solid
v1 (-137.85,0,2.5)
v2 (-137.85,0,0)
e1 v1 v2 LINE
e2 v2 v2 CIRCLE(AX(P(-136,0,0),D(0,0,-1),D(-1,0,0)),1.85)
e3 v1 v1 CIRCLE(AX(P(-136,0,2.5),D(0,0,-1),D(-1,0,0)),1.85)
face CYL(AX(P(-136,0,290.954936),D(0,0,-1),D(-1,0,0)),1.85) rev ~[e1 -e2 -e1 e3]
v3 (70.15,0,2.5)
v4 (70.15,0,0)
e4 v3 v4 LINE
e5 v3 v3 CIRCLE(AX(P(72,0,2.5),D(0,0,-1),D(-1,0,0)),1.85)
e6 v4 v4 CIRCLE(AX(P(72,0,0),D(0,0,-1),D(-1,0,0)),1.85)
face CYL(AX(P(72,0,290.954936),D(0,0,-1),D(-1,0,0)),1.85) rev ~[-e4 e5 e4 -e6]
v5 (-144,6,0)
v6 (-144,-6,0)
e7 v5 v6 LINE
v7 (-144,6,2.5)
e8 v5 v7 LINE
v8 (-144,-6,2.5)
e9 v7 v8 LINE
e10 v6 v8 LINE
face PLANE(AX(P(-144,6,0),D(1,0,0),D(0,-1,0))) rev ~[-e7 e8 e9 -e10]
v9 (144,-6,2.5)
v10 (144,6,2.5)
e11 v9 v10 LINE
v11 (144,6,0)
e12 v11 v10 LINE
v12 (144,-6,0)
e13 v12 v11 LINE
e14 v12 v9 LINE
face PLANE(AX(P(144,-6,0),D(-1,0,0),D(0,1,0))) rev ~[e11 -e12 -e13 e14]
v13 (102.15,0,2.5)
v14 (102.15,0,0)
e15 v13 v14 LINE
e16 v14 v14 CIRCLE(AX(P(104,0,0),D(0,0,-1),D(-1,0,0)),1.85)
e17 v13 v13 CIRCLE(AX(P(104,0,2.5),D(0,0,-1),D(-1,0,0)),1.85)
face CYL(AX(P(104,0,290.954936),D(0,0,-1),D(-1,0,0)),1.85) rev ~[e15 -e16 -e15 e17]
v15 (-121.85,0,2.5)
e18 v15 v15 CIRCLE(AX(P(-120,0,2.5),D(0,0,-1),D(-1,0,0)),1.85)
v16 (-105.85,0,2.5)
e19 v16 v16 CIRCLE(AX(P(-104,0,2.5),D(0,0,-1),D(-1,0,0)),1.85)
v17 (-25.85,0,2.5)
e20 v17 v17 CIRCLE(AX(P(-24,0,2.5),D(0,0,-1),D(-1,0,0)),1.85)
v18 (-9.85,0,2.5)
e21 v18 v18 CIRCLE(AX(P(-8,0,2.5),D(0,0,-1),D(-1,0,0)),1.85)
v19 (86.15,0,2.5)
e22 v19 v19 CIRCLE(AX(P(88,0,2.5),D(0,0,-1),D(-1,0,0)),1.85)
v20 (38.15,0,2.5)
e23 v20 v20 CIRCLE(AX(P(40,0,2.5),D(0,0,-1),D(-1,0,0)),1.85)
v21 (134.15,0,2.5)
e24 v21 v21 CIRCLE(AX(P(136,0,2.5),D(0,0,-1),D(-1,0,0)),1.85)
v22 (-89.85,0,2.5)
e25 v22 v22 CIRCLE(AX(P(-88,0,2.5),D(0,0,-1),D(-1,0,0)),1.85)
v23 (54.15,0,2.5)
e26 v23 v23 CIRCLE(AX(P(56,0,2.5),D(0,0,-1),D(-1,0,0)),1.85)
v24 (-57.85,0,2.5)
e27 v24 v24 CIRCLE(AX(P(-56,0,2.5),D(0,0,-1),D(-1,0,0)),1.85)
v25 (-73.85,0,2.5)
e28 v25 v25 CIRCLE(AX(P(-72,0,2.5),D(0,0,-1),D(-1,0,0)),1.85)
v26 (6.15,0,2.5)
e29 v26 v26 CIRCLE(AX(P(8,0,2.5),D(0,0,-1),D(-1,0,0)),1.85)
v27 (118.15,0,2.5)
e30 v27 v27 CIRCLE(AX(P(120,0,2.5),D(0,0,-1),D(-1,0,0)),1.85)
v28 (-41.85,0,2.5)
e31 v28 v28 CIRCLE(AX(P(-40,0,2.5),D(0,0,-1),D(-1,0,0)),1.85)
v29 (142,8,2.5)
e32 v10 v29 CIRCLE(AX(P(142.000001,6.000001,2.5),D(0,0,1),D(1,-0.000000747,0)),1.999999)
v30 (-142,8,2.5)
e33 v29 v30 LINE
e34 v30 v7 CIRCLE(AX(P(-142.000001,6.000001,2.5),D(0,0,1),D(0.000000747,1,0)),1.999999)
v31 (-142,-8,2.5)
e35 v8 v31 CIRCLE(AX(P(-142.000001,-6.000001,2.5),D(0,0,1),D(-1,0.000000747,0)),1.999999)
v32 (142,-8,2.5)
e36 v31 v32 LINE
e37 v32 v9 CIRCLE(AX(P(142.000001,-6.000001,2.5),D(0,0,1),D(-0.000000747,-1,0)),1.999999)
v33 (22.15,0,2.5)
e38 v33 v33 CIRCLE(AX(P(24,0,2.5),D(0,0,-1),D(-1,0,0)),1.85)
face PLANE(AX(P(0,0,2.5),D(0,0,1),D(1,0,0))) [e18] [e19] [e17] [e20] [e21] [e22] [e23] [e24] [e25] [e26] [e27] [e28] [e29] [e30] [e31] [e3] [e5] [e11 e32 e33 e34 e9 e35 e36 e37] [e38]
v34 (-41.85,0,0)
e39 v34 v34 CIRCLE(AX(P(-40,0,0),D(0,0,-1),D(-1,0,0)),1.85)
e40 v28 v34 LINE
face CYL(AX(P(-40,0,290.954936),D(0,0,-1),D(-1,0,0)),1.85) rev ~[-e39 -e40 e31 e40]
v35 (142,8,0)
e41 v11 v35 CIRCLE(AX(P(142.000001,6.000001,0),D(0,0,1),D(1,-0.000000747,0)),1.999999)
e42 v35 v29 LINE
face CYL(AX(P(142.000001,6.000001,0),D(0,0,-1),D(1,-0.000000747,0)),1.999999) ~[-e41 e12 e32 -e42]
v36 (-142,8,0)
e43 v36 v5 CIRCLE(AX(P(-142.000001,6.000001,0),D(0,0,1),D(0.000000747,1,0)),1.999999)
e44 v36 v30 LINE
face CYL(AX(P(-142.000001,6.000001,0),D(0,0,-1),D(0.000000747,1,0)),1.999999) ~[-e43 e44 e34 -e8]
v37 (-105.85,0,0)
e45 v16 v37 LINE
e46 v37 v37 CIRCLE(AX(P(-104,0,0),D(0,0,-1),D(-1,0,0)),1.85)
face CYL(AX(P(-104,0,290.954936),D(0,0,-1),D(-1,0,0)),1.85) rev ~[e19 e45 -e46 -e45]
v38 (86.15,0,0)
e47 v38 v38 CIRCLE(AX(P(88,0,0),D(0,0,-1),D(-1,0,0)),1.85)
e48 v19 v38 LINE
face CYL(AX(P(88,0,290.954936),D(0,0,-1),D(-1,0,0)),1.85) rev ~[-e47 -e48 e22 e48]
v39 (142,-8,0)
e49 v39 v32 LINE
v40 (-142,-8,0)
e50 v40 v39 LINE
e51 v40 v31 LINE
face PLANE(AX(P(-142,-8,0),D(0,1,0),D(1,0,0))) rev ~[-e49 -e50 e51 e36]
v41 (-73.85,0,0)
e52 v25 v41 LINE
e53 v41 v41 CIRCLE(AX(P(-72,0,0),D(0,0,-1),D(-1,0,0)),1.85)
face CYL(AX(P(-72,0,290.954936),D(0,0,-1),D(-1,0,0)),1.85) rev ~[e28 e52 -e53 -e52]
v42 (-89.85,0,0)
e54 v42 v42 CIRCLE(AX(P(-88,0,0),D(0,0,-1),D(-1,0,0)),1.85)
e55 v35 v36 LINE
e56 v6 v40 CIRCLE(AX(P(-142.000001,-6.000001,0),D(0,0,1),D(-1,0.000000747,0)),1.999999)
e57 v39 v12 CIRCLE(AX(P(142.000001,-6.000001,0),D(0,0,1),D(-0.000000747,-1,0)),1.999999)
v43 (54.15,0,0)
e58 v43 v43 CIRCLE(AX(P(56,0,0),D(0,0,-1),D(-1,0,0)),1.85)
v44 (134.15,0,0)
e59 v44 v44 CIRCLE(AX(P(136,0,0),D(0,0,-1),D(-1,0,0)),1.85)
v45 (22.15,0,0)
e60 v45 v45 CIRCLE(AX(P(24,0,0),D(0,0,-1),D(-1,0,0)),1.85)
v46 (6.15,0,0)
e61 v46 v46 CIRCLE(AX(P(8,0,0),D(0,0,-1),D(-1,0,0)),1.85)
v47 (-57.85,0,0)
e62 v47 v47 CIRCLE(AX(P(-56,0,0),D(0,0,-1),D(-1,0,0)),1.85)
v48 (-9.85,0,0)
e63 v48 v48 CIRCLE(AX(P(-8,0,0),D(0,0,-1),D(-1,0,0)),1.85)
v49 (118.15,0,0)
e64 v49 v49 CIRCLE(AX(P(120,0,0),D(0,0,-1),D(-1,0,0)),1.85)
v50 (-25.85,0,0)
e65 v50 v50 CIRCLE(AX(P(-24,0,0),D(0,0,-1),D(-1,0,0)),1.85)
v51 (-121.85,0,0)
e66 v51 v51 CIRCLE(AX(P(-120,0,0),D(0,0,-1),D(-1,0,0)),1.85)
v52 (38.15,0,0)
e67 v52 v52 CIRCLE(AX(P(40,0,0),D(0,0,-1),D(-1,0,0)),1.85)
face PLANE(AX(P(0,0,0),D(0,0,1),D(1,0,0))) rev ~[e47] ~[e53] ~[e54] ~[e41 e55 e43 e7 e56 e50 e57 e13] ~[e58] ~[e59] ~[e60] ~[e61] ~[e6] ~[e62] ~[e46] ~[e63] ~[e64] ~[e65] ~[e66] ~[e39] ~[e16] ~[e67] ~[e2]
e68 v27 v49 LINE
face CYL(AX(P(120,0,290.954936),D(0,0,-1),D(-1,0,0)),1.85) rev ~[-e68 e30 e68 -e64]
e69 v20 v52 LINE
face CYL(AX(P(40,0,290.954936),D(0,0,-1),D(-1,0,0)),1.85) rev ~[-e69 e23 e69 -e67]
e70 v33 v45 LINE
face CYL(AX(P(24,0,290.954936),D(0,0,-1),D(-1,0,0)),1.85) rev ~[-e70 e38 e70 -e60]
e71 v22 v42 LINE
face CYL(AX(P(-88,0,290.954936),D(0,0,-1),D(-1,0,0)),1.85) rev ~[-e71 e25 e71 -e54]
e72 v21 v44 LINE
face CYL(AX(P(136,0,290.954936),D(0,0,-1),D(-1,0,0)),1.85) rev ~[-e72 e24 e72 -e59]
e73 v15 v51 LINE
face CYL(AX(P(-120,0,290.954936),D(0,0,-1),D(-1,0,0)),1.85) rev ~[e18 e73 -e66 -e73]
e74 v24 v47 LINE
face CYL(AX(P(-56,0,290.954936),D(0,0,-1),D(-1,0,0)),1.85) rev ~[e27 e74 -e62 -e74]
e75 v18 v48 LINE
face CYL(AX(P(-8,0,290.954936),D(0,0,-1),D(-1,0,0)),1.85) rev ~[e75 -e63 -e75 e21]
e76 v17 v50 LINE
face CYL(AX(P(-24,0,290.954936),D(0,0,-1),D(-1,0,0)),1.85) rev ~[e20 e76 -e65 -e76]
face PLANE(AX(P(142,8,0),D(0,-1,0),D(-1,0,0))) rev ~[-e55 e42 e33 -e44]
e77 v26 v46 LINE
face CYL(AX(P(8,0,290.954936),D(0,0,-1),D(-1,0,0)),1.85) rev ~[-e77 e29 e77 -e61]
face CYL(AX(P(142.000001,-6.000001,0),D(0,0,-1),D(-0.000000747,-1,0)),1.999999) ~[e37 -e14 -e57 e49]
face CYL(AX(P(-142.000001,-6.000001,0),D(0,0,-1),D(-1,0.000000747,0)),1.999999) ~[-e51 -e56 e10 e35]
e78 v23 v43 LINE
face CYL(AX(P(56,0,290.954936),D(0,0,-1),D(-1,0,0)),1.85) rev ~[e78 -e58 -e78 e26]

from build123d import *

# Parameters (mm, degrees)
F1_DEPTH = 2.5
F3_D     = 3.7


with BuildPart() as f1:
    # F0 (on Top) → F1 (new body)
    with BuildSketch(Plane.XY):
        with BuildLine():
            ThreePointArc((144, 6), (143.414214, 7.414214), (142, 8))
            Line((142, 8), (-142, 8))
            ThreePointArc((-142, 8), (-143.414214, 7.414214), (-144, 6))
            Line((-144, 6), (-144, -6))
            ThreePointArc((-144, -6), (-143.414214, -7.414214), (-142, -8))
            Line((-142, -8), (142, -8))
            ThreePointArc((142, -8), (143.414214, -7.414214), (144, -6))
            Line((144, -6), (144, 6))
        make_face()
    extrude(amount=F1_DEPTH)

    # F3 (through all)
    with Locations(Plane.XY.offset(2.5)):
        with Locations((-136, 0), (-120, 0), (-104, 0), (-88, 0), (-72, 0), (-56, 0), (-40, 0), (-24, 0), (-8, 0), (8, 0), (24, 0), (40, 0), (56, 0), (72, 0), (88, 0), (88, 0), (104, 0), (120, 0), (136, 0)):
            Hole(F3_D / 2)


solid = f1.part
